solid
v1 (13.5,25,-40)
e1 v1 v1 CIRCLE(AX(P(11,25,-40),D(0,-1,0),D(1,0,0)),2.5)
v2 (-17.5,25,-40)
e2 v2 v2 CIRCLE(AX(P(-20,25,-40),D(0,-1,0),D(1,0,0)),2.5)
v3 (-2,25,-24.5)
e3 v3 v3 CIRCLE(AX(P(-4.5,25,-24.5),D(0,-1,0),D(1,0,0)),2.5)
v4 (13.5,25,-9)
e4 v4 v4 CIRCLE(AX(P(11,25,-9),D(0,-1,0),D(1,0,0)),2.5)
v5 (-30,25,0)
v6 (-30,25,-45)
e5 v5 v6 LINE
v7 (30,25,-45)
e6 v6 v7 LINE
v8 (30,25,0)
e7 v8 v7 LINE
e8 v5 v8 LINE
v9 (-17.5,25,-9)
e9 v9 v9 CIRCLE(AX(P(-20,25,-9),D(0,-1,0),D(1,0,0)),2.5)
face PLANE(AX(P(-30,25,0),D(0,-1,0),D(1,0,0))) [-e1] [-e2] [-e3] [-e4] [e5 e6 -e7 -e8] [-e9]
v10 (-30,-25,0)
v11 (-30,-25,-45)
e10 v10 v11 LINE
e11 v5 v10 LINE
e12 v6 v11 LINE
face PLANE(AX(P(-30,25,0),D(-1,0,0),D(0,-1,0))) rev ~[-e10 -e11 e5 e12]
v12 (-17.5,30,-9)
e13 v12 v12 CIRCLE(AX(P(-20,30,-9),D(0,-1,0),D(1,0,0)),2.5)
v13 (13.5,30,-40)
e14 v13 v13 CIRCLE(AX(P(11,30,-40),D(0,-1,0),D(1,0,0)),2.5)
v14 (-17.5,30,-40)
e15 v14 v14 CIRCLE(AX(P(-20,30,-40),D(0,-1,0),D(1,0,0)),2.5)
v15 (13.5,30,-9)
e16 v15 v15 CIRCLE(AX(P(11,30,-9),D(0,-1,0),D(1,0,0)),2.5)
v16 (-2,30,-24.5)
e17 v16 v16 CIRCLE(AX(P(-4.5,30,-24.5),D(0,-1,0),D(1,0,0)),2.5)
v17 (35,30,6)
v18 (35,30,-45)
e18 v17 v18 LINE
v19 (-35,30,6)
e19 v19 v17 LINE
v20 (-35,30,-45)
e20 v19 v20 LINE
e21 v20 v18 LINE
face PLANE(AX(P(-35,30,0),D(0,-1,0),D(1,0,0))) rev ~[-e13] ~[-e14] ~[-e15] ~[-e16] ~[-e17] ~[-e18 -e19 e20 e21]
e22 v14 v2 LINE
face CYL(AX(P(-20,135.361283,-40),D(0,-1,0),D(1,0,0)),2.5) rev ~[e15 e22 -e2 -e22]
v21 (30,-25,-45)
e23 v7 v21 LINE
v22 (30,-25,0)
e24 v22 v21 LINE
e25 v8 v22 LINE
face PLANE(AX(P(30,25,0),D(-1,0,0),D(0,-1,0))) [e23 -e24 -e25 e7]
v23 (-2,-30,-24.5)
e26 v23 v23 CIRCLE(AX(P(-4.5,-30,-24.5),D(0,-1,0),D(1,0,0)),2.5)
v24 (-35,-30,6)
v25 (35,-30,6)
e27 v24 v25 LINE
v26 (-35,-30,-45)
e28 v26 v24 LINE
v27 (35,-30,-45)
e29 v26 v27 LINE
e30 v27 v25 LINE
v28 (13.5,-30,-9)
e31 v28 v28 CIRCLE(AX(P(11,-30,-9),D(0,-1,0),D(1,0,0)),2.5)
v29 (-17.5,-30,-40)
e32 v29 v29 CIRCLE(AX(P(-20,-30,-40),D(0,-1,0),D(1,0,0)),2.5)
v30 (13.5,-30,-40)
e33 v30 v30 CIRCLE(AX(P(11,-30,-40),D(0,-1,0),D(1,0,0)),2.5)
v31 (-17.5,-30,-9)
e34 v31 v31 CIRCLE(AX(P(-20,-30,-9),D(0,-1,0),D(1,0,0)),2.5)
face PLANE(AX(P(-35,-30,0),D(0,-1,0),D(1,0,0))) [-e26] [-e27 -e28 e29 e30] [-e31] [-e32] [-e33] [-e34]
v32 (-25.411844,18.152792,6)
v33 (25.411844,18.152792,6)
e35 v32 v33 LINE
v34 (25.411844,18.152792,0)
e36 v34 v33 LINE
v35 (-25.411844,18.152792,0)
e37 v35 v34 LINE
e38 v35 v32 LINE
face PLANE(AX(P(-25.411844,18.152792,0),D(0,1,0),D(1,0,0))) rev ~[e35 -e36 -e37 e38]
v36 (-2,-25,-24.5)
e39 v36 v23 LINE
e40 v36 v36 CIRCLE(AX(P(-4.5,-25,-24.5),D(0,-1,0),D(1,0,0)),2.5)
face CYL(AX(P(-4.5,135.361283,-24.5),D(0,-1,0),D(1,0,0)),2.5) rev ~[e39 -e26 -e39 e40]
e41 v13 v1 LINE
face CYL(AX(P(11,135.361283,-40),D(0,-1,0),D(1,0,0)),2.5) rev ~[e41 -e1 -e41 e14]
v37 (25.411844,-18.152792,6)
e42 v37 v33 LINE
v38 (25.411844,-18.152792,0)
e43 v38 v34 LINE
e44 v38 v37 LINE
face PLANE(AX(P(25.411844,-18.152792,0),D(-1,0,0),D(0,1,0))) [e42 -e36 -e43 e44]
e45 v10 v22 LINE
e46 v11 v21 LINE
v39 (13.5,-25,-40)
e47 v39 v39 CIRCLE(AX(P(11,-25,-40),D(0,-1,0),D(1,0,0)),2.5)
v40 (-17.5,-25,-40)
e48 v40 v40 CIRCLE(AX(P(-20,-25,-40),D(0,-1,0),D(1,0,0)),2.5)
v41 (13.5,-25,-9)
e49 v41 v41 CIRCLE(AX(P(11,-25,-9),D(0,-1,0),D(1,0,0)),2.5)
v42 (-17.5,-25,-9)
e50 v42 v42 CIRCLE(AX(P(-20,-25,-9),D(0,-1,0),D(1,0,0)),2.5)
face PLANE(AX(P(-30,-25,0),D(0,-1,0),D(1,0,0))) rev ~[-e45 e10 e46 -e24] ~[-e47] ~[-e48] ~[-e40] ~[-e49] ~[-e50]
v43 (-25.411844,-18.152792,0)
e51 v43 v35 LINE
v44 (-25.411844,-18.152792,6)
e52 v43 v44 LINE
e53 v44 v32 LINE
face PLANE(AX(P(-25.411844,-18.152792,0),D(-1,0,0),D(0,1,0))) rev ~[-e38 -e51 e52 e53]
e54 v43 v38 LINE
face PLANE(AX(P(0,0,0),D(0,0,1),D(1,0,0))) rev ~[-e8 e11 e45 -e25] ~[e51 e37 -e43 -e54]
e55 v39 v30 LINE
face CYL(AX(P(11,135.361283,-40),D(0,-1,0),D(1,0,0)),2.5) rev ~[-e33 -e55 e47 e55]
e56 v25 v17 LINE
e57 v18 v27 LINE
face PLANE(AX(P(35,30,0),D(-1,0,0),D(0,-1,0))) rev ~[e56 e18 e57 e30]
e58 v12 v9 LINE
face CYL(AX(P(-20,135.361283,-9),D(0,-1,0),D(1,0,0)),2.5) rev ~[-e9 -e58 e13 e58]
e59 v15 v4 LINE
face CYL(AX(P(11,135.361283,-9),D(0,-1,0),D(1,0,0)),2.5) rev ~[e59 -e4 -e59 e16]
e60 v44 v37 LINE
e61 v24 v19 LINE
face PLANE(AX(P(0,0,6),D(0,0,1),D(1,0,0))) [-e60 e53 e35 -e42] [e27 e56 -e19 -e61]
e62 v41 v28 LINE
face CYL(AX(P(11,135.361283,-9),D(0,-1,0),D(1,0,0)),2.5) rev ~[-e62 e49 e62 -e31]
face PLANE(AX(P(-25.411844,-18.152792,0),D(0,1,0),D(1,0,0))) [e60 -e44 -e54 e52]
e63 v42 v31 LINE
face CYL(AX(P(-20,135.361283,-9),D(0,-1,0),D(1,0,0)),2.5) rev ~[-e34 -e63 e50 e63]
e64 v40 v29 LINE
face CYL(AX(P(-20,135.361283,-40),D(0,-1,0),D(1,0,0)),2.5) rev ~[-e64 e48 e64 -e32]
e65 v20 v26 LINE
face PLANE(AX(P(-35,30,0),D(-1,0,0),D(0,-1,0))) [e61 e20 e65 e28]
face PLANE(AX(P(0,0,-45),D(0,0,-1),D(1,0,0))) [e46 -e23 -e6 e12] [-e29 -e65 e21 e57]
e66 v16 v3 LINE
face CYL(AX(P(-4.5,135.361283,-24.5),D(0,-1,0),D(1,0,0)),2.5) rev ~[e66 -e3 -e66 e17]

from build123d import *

# Parameters (mm, degrees)
F0_W     = 70
F0_H     = 60
F0_W_2   = 50.823688
F0_H_2   = 36.305584
F1_DEPTH = 6
F2_W     = 70
F2_H     = 60
F2_W_2   = 60
F2_H_2   = 50
F3_DEPTH = 45
F5_D     = 5


with BuildPart() as f1:
    # F0 (on Top) → F1 (new body)
    with BuildSketch(Plane.XY):
        Rectangle(F0_W, F0_H)
        Rectangle(F0_W_2, F0_H_2, mode=Mode.SUBTRACT)
    extrude(amount=F1_DEPTH)

    # F2 (on face) → F3 (join)
    with BuildSketch(Plane(origin=(0, 0, 0), x_dir=(1, 0, 0), z_dir=(0, 0, -1))):
        Rectangle(F2_W, F2_H)
        Rectangle(F2_W_2, F2_H_2, mode=Mode.SUBTRACT)
    extrude(amount=F3_DEPTH)

    # F5 (through all)
    with Locations(Plane(origin=(0, 30, 0), x_dir=(-1, 0, 0), z_dir=(0, 1, 0))):
        with Locations((20, -40), (-11, -40), (4.5, -24.5), (20, -9), (-11, -9)):
            Hole(F5_D / 2)


solid = f1.part
